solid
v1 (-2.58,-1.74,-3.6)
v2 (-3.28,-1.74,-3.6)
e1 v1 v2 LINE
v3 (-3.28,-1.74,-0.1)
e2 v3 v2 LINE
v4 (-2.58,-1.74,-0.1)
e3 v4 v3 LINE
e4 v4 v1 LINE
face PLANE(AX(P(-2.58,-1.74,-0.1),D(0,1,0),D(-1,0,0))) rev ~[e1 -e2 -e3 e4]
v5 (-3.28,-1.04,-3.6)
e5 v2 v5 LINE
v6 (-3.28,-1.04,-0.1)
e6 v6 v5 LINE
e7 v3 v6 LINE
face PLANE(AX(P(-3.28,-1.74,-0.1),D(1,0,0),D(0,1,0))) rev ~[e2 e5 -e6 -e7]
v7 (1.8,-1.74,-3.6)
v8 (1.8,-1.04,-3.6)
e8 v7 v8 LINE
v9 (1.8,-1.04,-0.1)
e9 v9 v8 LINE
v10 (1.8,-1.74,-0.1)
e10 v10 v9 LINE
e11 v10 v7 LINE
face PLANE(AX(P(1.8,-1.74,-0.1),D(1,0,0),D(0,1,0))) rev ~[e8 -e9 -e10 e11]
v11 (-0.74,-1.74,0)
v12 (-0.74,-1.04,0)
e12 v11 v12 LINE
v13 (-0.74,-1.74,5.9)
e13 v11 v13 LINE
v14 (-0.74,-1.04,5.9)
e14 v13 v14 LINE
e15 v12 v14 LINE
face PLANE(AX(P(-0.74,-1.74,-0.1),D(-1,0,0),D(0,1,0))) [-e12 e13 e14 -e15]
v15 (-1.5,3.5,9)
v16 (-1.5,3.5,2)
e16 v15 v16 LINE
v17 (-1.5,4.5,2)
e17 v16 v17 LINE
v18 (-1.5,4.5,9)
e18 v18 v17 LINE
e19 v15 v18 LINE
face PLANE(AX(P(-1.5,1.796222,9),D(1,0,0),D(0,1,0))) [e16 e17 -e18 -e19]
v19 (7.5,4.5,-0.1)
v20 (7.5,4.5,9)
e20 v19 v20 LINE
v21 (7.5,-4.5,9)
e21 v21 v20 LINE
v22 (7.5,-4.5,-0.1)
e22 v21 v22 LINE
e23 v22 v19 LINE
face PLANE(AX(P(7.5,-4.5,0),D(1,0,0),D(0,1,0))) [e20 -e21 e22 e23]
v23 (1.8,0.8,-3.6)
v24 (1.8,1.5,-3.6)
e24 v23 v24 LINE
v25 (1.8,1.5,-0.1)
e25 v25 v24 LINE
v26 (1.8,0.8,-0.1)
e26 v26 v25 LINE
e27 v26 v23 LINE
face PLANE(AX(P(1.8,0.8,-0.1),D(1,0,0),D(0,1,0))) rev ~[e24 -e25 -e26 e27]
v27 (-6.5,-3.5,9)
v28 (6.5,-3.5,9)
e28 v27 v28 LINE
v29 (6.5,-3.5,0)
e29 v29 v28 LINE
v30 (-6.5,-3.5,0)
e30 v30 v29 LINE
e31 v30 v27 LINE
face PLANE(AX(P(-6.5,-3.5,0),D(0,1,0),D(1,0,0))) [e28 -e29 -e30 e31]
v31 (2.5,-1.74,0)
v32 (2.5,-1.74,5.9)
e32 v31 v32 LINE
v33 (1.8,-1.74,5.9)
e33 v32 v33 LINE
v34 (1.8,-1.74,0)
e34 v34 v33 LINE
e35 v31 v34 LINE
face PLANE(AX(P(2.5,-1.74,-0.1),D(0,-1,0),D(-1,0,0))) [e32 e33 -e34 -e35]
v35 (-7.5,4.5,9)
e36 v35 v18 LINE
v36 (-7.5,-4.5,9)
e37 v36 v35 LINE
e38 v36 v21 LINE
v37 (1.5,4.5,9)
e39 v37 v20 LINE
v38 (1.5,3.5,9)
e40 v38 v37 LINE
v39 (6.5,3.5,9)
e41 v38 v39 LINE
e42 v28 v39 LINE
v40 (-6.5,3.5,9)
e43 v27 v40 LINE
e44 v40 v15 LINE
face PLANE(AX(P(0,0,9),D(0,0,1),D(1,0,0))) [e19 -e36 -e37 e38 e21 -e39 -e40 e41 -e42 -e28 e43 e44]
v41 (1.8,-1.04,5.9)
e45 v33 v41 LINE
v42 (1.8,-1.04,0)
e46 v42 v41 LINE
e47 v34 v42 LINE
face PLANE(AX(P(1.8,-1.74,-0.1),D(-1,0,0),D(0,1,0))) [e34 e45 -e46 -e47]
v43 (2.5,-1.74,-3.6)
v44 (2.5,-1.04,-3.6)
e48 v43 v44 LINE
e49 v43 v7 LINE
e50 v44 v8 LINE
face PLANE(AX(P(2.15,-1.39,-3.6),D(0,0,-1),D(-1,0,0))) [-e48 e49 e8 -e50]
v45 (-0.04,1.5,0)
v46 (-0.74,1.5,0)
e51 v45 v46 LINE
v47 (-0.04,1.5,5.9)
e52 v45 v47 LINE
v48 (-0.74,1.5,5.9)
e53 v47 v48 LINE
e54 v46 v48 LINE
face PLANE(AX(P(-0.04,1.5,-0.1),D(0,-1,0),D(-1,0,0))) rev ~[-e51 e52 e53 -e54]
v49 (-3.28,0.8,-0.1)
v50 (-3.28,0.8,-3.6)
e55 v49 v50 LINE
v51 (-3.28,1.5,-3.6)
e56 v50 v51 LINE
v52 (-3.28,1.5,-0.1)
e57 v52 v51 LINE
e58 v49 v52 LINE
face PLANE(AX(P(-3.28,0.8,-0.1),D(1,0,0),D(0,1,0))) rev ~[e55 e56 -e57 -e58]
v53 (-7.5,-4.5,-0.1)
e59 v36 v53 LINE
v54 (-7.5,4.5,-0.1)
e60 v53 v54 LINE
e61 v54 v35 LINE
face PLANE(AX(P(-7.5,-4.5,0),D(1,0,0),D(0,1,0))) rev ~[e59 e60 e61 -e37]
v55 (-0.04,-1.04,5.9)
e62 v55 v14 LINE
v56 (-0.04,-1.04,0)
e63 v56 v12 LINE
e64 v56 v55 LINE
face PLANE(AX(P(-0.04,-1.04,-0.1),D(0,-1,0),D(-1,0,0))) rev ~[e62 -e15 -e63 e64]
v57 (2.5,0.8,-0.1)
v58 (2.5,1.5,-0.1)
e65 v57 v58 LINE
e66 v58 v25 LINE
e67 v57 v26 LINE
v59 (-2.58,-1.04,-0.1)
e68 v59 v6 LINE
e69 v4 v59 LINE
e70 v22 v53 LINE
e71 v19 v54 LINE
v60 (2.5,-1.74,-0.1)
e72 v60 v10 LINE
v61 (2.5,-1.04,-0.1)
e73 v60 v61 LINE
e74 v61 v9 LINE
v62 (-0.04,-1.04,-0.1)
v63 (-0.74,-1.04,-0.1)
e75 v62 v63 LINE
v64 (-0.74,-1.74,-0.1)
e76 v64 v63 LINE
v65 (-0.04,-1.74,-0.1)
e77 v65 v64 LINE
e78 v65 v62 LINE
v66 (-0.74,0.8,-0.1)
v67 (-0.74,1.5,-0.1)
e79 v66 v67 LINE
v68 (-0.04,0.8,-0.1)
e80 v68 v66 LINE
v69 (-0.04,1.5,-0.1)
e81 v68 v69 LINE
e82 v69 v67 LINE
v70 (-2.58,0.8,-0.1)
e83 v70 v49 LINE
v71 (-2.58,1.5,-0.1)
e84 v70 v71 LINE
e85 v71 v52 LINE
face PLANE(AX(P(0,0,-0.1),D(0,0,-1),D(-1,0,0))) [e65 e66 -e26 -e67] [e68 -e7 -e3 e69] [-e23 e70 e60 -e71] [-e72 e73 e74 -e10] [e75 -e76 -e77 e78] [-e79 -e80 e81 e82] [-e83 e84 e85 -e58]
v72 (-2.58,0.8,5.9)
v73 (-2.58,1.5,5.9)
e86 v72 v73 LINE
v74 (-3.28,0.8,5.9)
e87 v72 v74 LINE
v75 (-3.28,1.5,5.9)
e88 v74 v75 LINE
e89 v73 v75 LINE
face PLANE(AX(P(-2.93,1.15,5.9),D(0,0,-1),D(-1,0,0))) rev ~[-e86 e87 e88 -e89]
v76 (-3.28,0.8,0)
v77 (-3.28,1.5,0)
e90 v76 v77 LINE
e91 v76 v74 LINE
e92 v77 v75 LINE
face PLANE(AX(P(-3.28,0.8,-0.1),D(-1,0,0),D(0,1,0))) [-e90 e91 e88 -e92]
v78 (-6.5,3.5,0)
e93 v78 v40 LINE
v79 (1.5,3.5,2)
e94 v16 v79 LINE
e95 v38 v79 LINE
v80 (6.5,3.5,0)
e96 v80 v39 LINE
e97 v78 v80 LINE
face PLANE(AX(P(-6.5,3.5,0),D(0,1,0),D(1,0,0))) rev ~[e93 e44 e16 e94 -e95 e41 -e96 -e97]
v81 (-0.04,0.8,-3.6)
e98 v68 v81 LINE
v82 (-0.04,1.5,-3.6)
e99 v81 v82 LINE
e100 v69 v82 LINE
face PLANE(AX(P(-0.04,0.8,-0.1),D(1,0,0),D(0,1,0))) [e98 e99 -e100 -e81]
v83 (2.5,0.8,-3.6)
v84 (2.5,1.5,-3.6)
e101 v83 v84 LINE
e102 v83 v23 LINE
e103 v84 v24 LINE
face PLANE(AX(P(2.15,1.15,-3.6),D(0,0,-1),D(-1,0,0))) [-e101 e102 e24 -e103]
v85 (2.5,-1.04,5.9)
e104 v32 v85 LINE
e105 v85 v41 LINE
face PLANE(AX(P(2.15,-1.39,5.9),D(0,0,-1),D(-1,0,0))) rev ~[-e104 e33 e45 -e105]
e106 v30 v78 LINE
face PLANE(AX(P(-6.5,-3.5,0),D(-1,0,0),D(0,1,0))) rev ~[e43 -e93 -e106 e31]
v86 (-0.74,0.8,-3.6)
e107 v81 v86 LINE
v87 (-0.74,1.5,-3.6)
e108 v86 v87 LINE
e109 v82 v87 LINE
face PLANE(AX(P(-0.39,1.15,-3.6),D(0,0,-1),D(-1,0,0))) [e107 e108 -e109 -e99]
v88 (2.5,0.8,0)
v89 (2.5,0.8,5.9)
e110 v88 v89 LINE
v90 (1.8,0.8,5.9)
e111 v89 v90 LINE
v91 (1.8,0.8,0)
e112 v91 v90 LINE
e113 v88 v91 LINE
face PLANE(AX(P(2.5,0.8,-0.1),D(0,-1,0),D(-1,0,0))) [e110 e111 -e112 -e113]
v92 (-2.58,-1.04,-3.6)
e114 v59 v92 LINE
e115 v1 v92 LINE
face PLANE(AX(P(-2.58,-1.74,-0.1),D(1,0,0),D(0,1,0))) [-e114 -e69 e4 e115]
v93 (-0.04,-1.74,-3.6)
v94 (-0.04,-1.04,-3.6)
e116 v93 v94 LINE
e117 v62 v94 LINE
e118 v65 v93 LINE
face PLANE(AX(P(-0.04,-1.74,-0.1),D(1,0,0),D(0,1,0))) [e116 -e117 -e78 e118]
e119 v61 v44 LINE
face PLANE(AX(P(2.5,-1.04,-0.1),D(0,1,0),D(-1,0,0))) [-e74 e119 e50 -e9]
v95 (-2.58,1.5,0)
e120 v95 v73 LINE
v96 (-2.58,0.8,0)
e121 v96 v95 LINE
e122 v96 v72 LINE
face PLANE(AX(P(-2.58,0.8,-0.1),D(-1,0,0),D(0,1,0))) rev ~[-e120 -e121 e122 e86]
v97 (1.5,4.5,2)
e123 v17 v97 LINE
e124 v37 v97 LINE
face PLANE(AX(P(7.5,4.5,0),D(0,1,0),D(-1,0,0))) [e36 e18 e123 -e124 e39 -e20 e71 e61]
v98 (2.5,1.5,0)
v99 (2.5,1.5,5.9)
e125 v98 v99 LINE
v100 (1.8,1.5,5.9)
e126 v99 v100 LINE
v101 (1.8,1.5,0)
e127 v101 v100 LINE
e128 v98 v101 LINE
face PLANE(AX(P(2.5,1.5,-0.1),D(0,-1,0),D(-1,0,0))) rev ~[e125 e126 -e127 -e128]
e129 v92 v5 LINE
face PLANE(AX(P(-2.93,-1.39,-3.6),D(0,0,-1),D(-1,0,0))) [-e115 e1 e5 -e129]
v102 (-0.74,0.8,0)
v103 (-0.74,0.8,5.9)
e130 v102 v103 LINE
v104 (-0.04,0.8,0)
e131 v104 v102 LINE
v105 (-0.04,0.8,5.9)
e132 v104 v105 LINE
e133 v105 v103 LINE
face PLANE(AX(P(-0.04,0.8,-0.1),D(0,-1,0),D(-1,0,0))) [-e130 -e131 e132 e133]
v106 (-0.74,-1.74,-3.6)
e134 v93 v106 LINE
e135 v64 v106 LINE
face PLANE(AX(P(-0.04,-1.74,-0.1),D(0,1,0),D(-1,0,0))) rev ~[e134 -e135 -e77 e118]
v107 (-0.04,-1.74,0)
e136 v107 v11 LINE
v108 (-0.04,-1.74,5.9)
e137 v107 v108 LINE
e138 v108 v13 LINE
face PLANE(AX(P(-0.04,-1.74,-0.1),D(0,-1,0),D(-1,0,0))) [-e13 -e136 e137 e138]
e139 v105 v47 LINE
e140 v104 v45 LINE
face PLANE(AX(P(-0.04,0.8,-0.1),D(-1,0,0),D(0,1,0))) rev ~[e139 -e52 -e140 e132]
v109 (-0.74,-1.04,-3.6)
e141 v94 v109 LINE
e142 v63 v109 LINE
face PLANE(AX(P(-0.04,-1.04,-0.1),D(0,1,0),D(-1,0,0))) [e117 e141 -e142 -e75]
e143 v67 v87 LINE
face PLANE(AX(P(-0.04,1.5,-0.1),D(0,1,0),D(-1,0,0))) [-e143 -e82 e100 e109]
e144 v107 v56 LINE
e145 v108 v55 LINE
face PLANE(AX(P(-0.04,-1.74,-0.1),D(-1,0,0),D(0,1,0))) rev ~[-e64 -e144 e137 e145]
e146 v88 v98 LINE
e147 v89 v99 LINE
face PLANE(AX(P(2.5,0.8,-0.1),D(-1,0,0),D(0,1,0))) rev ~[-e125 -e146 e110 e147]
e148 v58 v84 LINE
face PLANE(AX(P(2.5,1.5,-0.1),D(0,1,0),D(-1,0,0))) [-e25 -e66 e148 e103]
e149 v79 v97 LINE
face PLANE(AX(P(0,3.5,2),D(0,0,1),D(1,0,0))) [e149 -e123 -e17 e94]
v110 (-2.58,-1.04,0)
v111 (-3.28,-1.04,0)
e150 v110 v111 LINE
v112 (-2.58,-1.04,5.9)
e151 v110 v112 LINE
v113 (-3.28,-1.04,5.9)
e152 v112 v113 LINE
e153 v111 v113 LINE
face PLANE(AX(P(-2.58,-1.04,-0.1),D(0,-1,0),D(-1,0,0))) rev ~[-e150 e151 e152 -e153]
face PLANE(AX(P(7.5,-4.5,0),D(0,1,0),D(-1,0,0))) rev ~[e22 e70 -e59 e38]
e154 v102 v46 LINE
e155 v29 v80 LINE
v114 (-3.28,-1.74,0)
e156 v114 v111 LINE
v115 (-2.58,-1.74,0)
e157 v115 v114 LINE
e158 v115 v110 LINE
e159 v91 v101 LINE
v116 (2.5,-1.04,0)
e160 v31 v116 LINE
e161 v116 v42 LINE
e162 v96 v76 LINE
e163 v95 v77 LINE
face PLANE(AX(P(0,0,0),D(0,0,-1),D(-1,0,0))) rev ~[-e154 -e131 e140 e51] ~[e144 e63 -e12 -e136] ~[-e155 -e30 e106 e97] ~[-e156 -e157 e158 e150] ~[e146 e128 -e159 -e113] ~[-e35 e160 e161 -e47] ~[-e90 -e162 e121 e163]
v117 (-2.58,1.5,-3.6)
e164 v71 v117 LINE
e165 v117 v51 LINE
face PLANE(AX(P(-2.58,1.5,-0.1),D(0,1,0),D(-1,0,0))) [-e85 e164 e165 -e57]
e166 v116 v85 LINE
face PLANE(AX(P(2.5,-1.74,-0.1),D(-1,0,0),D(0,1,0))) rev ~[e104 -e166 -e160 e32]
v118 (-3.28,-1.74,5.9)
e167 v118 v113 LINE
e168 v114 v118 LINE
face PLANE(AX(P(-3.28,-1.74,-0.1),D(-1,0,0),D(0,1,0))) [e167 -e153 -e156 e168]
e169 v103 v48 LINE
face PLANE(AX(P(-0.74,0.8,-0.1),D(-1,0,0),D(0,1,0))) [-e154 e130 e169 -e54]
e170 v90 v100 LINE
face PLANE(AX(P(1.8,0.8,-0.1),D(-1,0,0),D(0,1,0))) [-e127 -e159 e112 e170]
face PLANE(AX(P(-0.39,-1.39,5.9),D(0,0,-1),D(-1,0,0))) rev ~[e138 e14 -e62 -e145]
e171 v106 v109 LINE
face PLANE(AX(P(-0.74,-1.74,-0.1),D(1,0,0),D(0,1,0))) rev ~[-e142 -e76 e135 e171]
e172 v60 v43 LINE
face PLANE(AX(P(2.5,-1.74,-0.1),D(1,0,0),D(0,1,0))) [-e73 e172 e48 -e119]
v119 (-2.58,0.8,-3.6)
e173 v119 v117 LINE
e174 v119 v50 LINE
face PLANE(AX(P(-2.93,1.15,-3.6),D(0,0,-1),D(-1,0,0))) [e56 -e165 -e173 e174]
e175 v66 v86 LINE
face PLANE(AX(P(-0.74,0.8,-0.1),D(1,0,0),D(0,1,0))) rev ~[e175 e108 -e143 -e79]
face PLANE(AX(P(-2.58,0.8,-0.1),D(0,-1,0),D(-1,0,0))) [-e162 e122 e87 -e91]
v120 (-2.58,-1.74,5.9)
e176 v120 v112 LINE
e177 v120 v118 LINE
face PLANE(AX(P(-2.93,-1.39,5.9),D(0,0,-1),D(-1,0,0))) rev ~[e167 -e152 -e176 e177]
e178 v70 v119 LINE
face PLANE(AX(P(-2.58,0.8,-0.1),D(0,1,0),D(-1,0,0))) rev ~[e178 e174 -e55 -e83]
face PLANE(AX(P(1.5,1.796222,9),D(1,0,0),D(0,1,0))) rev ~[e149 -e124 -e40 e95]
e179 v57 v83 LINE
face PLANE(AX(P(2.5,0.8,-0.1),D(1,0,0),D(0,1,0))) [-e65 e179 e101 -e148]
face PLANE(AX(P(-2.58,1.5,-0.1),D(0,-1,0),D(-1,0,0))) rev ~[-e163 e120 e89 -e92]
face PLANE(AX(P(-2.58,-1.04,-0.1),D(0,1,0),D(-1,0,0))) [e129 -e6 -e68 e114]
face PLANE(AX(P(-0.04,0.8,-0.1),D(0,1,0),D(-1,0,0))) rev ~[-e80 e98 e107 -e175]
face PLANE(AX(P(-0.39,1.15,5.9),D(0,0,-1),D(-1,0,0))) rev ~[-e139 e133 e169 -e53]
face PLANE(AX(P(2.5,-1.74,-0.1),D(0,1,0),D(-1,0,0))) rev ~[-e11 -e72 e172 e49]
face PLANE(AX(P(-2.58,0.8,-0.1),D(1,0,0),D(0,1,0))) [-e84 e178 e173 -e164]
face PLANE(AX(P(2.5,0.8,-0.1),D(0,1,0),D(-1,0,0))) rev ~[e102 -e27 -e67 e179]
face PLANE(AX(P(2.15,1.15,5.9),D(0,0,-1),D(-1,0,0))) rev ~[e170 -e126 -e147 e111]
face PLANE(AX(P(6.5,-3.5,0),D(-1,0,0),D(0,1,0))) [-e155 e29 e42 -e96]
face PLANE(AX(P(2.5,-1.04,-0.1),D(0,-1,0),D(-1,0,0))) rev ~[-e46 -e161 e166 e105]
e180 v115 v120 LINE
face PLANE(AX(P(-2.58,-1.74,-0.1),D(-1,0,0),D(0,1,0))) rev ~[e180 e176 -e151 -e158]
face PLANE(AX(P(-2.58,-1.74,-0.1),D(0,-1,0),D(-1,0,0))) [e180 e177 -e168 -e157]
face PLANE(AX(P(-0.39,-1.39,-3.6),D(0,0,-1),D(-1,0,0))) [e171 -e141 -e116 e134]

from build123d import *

# Parameters (mm, degrees)
CROQUIS1_W                   = 15
CROQUIS1_H                   = 9
CROQUIS1_W_2                 = 13
CROQUIS1_H_2                 = 7
SALIENTE_EXTRUIR1_DEPTH      = 9
CROQUIS2_W                   = 15
CROQUIS2_H                   = 9
SALIENTE_EXTRUIR2_DEPTH      = 0.1
CROQUIS3_W                   = 3
CROQUIS3_H                   = 3.407555274
CORTAR_EXTRUIR1_DEPTH        = 7
CROQUIS4_W                   = 0.7
CROQUIS4_H                   = 0.7
SALIENTE_EXTRUIR3_DEPTH      = 3.5
SALIENTE_EXTRUIR3_DEPTH_BACK = 6


with BuildPart() as part:
    # Croquis1 → Saliente-Extruir1 (new body)
    with BuildSketch(Plane.XY):
        Rectangle(CROQUIS1_W, CROQUIS1_H)
        Rectangle(CROQUIS1_W_2, CROQUIS1_H_2, mode=Mode.SUBTRACT)
    extrude(amount=SALIENTE_EXTRUIR1_DEPTH)

    # Croquis2 → Saliente-Extruir2 (add)
    with BuildSketch(Plane(origin=(0, 0, 0), x_dir=(-1, 0, 0), z_dir=(0, 0, -1))):
        Rectangle(CROQUIS2_W, CROQUIS2_H)
    extrude(amount=SALIENTE_EXTRUIR2_DEPTH)

    # Croquis3 → Cortar-Extruir1 (cut)
    with BuildSketch(Plane.XY.offset(9)):
        with Locations((0, 3.5)):
            Rectangle(CROQUIS3_W, CROQUIS3_H)
    extrude(amount=-CORTAR_EXTRUIR1_DEPTH, mode=Mode.SUBTRACT)

    # Croquis4 → Saliente-Extruir3 (add, two sides)
    with BuildSketch(Plane(origin=(0, 0, -0.1), x_dir=(-1, 0, 0), z_dir=(0, 0, -1))) as saliente_extruir3_sk:
        with Locations((-2.15, 1.15)):
            Rectangle(CROQUIS4_W, CROQUIS4_H)
        with Locations((0.39, 1.15)):
            Rectangle(CROQUIS4_W, CROQUIS4_H)
        with Locations((2.93, 1.15)):
            Rectangle(CROQUIS4_W, CROQUIS4_H)
        with Locations((0.39, -1.39)):
            Rectangle(CROQUIS4_W, CROQUIS4_H)
        with Locations((2.93, -1.39)):
            Rectangle(CROQUIS4_W, CROQUIS4_H)
        with Locations((-2.15, -1.39)):
            Rectangle(CROQUIS4_W, CROQUIS4_H)
    extrude(amount=SALIENTE_EXTRUIR3_DEPTH)
    extrude(saliente_extruir3_sk.sketch, amount=-SALIENTE_EXTRUIR3_DEPTH_BACK)


solid = part.part
